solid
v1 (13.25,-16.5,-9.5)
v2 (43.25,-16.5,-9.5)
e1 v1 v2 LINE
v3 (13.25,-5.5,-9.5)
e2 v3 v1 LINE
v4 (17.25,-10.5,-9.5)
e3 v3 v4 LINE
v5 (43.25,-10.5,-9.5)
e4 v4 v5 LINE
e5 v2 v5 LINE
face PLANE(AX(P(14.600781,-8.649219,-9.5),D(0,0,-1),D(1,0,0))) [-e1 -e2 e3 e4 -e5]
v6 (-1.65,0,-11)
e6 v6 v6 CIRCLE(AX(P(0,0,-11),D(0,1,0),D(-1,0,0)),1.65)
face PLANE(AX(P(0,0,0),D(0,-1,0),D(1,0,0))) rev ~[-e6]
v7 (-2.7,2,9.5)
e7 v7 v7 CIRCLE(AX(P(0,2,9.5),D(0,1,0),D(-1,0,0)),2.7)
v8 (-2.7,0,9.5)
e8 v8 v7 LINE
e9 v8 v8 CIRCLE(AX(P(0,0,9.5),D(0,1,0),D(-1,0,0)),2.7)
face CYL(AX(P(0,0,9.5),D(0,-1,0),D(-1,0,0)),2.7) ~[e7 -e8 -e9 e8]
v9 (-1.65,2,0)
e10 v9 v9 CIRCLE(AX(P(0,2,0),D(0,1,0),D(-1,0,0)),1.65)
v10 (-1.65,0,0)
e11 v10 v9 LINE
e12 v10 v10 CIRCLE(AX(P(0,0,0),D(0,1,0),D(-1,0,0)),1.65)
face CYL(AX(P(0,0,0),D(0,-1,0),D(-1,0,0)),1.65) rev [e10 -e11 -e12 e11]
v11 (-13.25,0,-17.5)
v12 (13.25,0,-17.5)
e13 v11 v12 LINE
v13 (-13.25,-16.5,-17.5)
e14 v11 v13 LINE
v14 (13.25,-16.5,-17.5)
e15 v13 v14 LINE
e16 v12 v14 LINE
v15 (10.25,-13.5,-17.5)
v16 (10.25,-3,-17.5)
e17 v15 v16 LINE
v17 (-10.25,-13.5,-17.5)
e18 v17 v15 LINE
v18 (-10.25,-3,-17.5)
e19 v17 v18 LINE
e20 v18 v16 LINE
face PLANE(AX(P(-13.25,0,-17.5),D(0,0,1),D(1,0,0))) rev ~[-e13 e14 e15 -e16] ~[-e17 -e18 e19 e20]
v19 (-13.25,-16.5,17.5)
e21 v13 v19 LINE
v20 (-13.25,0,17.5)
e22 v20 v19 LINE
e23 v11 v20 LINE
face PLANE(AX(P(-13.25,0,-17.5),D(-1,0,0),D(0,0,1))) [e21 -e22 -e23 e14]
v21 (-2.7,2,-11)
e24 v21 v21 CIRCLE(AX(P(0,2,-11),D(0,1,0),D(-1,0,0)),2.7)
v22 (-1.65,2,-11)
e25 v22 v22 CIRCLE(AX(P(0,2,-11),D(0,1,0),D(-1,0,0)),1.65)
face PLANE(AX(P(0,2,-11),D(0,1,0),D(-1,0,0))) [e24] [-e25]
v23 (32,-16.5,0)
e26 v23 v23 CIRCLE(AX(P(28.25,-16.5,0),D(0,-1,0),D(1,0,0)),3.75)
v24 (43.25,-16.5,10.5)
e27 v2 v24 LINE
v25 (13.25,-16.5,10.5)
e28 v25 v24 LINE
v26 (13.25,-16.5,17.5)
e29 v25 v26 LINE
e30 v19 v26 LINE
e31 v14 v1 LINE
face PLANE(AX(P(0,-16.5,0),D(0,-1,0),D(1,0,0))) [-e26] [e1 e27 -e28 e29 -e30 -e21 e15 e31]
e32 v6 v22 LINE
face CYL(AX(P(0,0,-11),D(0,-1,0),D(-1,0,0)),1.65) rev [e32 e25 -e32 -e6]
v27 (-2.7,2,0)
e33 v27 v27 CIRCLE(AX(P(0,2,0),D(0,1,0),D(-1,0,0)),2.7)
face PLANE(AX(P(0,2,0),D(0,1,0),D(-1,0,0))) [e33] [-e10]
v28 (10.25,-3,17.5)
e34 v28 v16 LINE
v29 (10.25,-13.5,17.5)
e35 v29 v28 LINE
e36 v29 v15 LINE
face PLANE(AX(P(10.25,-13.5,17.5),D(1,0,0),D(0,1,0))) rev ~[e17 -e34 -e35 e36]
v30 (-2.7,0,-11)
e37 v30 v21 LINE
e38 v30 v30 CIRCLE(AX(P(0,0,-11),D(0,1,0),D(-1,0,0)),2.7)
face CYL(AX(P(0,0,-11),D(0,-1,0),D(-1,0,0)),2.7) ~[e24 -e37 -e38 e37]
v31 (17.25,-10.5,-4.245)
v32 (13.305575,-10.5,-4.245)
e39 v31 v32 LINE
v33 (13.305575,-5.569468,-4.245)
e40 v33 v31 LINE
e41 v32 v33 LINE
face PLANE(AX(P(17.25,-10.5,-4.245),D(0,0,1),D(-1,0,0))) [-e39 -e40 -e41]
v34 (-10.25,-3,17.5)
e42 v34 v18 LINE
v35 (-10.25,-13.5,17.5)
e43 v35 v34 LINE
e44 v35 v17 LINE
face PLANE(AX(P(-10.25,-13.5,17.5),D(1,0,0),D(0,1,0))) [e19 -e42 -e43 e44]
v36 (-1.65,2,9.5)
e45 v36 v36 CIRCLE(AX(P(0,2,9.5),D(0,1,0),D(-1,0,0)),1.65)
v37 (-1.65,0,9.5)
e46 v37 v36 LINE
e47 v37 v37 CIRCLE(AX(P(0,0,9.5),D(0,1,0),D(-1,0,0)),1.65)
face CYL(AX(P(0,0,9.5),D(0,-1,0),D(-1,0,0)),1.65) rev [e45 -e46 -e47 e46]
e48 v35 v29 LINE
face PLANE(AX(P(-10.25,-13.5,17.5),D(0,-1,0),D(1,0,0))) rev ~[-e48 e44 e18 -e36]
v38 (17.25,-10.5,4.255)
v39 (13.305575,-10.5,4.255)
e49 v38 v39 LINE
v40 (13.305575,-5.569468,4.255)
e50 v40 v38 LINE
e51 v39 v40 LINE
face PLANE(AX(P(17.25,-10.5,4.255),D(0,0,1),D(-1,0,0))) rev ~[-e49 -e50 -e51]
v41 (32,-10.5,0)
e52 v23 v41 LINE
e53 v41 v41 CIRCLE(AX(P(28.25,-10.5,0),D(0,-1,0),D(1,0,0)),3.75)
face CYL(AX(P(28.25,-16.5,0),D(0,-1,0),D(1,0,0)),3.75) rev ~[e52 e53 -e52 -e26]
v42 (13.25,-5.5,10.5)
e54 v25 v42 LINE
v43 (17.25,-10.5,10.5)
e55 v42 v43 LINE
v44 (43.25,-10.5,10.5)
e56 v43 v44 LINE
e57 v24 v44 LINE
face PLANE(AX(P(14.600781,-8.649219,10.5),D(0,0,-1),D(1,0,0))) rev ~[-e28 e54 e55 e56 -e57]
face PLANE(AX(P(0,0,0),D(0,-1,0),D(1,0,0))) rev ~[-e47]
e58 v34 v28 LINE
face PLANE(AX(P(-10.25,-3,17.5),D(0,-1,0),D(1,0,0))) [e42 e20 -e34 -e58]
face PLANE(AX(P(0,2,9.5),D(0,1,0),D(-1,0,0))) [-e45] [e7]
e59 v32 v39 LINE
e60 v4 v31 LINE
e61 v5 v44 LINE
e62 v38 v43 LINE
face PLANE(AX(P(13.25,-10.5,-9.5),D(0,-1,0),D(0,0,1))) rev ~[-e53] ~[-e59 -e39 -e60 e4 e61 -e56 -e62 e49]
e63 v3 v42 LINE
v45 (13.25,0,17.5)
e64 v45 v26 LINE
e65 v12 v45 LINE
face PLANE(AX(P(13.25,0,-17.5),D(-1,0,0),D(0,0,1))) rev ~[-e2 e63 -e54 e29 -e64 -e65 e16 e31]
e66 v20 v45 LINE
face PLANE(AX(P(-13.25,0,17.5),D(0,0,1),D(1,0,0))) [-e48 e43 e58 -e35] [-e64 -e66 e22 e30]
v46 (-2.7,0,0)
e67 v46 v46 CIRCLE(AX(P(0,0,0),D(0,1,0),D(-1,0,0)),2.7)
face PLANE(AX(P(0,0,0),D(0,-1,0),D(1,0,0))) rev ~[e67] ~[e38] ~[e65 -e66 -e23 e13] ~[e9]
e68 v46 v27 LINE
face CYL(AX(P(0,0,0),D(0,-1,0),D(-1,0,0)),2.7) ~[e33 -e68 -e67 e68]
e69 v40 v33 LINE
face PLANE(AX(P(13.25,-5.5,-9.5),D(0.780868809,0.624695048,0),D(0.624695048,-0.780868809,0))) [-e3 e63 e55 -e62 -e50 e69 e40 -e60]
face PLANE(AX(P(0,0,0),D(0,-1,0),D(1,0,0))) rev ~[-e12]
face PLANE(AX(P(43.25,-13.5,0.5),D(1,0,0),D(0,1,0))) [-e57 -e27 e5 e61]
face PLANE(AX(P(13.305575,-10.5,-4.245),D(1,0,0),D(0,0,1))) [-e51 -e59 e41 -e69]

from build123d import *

# Parameters (mm, degrees)
F0_W      = 26.5
F0_H      = 35
F1_DEPTH  = 16.5
F2_W      = 20.5
F2_H      = 10.5
F3_DEPTH  = 35
F4_W      = 6
F4_H      = 20
F5_DEPTH  = 30
F7_DEPTH  = 20
F8_R      = 3.75
F9_DEPTH  = 25
F10_W     = 3.944425
F10_H     = 8.5
F11_DEPTH = 25
F12_R     = 2.7
F12_R_2   = 1.65
F13_DEPTH = 2


with BuildPart() as f1:
    # F0 (on Front) → F1 (new body)
    with BuildSketch(Plane.XZ):
        Rectangle(F0_W, F0_H)
    extrude(amount=F1_DEPTH)

    # F2 (on face) → F3 (cut)
    with BuildSketch(Plane.XY.offset(17.5)):
        with Locations((0, -8.25)):
            Rectangle(F2_W, F2_H)
    extrude(amount=-F3_DEPTH, mode=Mode.SUBTRACT)

    # F4 (on face) → F5 (join)
    with BuildSketch(Plane.YZ.offset(13.25)):
        with Locations((-13.5, 0.5)):
            Rectangle(F4_W, F4_H)
    extrude(amount=F5_DEPTH)

    # F6 (on face) → F7 (join)
    with BuildSketch(Plane(origin=(0, 0, -9.5), x_dir=(1, 0, 0), z_dir=(0, 0, -1))):
        Polygon((13.25, 5.5), (17.25, 10.5), (13.25, 10.5), align=None)
    extrude(amount=-F7_DEPTH)

    # F8 (on face) → F9 (cut)
    with BuildSketch(Plane.XZ.offset(16.5)):
        with Locations((28.25, 0)):
            Circle(F8_R)
    extrude(amount=-F9_DEPTH, mode=Mode.SUBTRACT)

    # F10 (on face) → F11 (cut)
    with BuildSketch(Plane(origin=(0, -10.5, 0), x_dir=(-1, 0, 0), z_dir=(0, 1, 0))):
        with Locations((-15.277787, 0.005)):
            Rectangle(F10_W, F10_H)
    extrude(amount=F11_DEPTH, mode=Mode.SUBTRACT)

    # F12 (on face) → F13 (join)
    with BuildSketch(Plane(origin=(0, 0, 0), x_dir=(-1, 0, 0), z_dir=(0, 1, 0))):
        Circle(F12_R)
        Circle(F12_R_2, mode=Mode.SUBTRACT)
        with Locations((0, 9.5)):
            Circle(F12_R)
        with Locations((0, 9.5)):
            Circle(F12_R_2, mode=Mode.SUBTRACT)
        with Locations((0, -11)):
            Circle(F12_R)
        with Locations((0, -11)):
            Circle(F12_R_2, mode=Mode.SUBTRACT)
    extrude(amount=F13_DEPTH)


solid = f1.part
